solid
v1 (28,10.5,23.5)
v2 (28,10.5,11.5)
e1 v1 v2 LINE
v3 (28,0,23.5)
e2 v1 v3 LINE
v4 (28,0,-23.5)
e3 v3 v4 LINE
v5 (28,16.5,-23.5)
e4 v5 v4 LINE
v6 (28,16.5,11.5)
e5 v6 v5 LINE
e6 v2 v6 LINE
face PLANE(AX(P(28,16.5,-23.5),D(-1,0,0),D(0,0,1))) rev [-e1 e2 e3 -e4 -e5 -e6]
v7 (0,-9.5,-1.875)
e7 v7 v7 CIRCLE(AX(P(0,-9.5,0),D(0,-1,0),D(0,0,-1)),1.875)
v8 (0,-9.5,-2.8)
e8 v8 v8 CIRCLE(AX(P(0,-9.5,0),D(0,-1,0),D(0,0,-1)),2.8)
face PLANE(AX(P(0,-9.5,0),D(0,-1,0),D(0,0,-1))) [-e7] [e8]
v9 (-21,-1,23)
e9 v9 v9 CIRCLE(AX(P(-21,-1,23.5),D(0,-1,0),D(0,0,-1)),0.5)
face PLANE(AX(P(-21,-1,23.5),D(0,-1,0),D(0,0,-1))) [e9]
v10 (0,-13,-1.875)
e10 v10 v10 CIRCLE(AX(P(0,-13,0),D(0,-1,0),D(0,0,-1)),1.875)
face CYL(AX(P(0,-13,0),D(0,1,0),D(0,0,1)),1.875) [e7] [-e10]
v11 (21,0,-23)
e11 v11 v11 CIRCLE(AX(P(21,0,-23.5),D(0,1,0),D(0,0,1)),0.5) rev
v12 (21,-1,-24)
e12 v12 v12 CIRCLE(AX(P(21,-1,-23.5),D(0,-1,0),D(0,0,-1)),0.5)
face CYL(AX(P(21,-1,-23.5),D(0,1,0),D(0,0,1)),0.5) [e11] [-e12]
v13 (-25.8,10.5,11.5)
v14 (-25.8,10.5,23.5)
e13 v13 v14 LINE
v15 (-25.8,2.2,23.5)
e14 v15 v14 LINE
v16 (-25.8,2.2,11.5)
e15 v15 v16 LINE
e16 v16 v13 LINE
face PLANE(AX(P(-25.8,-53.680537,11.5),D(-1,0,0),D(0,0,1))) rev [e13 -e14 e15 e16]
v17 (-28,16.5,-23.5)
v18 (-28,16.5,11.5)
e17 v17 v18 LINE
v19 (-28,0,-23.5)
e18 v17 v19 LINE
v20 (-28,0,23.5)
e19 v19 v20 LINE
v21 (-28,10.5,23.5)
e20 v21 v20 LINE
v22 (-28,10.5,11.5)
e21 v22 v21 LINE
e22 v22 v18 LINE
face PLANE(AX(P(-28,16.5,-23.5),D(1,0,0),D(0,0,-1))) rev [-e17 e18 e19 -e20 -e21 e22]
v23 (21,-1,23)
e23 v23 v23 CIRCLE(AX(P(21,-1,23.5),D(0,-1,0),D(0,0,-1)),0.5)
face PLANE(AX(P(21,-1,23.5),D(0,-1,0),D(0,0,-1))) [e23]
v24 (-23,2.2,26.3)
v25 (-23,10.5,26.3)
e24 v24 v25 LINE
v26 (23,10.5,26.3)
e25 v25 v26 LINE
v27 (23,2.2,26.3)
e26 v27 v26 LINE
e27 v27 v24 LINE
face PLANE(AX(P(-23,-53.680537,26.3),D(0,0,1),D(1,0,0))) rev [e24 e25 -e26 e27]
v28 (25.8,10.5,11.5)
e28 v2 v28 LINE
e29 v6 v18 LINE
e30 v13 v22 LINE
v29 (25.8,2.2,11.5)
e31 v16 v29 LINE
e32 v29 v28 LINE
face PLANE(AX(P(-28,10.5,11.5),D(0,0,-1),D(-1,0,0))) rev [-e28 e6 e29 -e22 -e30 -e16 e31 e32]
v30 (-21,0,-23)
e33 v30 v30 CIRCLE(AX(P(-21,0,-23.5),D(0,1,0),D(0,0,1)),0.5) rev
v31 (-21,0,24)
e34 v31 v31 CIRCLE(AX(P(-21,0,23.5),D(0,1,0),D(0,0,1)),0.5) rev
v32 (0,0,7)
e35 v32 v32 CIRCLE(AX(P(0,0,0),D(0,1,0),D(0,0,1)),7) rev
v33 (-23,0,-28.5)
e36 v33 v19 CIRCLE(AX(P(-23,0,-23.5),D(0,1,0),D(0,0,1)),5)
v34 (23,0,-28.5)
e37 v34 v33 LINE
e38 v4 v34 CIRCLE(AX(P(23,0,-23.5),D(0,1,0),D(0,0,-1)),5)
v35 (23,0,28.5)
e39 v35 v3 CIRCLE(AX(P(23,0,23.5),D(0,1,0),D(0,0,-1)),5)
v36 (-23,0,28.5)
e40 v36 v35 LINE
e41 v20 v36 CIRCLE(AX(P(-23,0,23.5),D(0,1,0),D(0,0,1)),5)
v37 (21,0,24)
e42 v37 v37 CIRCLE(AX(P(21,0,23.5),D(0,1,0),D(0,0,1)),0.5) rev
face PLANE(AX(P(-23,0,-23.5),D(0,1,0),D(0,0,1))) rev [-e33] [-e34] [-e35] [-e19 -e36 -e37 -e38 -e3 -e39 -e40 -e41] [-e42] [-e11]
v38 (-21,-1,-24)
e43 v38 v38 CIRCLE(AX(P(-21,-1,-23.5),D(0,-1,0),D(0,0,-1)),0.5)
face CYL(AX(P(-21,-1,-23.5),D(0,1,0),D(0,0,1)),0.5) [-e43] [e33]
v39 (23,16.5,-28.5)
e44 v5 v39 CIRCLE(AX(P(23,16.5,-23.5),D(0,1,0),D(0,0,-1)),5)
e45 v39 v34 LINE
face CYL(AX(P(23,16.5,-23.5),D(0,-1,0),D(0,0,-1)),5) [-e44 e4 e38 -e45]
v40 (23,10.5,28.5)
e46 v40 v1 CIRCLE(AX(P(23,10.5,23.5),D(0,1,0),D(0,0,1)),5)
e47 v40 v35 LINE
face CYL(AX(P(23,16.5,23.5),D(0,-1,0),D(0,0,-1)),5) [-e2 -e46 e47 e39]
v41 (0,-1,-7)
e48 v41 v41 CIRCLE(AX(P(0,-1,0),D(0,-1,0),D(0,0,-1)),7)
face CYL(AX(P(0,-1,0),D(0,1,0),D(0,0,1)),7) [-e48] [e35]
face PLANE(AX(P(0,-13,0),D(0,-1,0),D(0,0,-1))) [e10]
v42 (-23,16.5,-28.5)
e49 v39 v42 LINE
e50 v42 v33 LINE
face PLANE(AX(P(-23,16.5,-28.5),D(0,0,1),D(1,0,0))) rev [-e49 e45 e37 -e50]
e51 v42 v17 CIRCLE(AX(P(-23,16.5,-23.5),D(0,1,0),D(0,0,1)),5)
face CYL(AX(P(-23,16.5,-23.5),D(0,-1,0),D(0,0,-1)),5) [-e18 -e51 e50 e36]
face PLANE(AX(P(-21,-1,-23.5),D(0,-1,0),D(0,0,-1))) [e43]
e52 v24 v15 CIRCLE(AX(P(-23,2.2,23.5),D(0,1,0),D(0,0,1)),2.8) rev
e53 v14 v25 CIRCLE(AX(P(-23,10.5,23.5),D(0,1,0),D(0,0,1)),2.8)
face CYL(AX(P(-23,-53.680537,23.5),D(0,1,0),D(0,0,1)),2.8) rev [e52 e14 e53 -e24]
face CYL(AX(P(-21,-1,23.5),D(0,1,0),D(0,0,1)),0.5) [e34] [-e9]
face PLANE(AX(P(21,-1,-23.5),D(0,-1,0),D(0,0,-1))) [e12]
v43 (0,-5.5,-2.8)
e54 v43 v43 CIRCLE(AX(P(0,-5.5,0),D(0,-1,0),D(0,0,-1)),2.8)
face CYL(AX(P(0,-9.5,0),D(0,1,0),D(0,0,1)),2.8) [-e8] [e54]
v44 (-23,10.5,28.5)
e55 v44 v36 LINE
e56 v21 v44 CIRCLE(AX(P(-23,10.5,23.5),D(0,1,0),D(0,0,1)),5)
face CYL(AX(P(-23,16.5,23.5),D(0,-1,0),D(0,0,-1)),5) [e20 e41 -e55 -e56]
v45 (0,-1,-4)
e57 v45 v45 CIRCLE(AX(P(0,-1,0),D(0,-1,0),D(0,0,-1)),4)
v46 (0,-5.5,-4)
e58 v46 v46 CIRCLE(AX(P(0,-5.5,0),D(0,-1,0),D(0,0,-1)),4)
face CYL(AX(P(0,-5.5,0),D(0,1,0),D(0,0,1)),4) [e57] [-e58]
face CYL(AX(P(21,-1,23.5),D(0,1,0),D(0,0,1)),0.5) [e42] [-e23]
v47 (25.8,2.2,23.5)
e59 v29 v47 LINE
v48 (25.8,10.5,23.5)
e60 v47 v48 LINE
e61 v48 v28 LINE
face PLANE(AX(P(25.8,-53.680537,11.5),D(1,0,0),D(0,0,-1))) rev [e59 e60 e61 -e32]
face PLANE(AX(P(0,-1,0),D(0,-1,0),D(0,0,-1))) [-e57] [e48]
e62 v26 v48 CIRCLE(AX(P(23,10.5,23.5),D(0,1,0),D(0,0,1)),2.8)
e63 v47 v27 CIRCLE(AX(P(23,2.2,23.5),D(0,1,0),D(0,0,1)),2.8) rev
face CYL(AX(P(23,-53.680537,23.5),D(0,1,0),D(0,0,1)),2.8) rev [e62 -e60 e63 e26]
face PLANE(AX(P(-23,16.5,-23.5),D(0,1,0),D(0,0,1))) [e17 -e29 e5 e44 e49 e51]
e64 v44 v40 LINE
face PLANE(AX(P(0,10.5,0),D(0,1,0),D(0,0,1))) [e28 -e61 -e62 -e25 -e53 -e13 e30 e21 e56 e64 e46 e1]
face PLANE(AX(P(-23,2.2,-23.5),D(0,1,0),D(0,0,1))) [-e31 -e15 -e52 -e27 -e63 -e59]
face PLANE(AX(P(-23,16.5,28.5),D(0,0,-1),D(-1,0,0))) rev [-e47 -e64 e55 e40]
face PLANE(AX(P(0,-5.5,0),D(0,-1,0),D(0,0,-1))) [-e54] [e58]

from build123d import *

# Parameters (mm, degrees)
EXTRUDE_1_DEPTH     = 16.5
SKETCH_2_W          = 56
SKETCH_2_H          = 17
CUT_EXTRUDE_1_DEPTH = 6
CUT_EXTRUDE_2_DEPTH = 8.3
SKETCH_4_R          = 7
SKETCH_4_R_2        = 0.5
EXTRUDE_2_DEPTH     = 1
SKETCH_5_R          = 4
EXTRUDE_3_DEPTH     = 4.5
SKETCH_6_R          = 2.8
EXTRUDE_4_DEPTH     = 4
SKETCH_7_R          = 1.875
EXTRUDE_5_DEPTH     = 3.5


with BuildPart() as part:
    # 草图1 → 凸台-拉伸1 (new body)
    with BuildSketch(Plane(origin=(0, 0, 0), x_dir=(1, 0, 0), z_dir=(0, 1, 0))):
        with BuildLine():
            Line((-23, 28.5), (23, 28.5))
            ThreePointArc((23, 28.5), (26.535533906, 27.035533906), (28, 23.5))
            Line((28, 23.5), (28, -23.5))
            ThreePointArc((28, -23.5), (26.535533906, -27.035533906), (23, -28.5))
            Line((23, -28.5), (-23, -28.5))
            ThreePointArc((-23, -28.5), (-26.535533906, -27.035533906), (-28, -23.5))
            Line((-28, -23.5), (-28, 23.5))
            ThreePointArc((-28, 23.5), (-26.535533906, 27.035533906), (-23, 28.5))
        make_face()
    extrude(amount=EXTRUDE_1_DEPTH)

    # 草图2 → 切除-拉伸1 (cut)
    with BuildSketch(Plane(origin=(0, 16.5, 0), x_dir=(1, 0, 0), z_dir=(0, 1, 0))):
        with Locations((0, -20)):
            Rectangle(SKETCH_2_W, SKETCH_2_H)
    extrude(amount=-CUT_EXTRUDE_1_DEPTH, mode=Mode.SUBTRACT)

    # 草图3 → 切除-拉伸2 (cut)
    with BuildSketch(Plane(origin=(0, 10.5, 0), x_dir=(1, 0, 0), z_dir=(0, 1, 0))):
        with BuildLine():
            Line((-25.8, -11.5), (25.8, -11.5))
            Line((25.8, -11.5), (25.8, -23.5))
            ThreePointArc((25.8, -23.5), (24.979898987, -25.479898987), (23, -26.3))
            Line((23, -26.3), (-23, -26.3))
            ThreePointArc((-23, -26.3), (-24.979898987, -25.479898987), (-25.8, -23.5))
            Line((-25.8, -23.5), (-25.8, -11.5))
        make_face()
    extrude(amount=-CUT_EXTRUDE_2_DEPTH, mode=Mode.SUBTRACT)

    # 草图4 → 凸台-拉伸2 (add)
    with BuildSketch(Plane.XZ):
        Circle(SKETCH_4_R)
        with Locations((-21, 23.5)):
            Circle(SKETCH_4_R_2)
        with Locations((21, 23.5)):
            Circle(SKETCH_4_R_2)
        with Locations((-21, -23.5)):
            Circle(SKETCH_4_R_2)
        with Locations((21, -23.5)):
            Circle(SKETCH_4_R_2)
    extrude(amount=EXTRUDE_2_DEPTH)

    # 草图5 → 凸台-拉伸3 (add)
    with BuildSketch(Plane.XZ.offset(1)):
        Circle(SKETCH_5_R)
    extrude(amount=EXTRUDE_3_DEPTH)

    # 草图6 → 凸台-拉伸4 (add)
    with BuildSketch(Plane.XZ.offset(5.5)):
        Circle(SKETCH_6_R)
    extrude(amount=EXTRUDE_4_DEPTH)

    # 草图7 → 凸台-拉伸5 (add)
    with BuildSketch(Plane.XZ.offset(9.5)):
        Circle(SKETCH_7_R)
    extrude(amount=EXTRUDE_5_DEPTH)


solid = part.part
